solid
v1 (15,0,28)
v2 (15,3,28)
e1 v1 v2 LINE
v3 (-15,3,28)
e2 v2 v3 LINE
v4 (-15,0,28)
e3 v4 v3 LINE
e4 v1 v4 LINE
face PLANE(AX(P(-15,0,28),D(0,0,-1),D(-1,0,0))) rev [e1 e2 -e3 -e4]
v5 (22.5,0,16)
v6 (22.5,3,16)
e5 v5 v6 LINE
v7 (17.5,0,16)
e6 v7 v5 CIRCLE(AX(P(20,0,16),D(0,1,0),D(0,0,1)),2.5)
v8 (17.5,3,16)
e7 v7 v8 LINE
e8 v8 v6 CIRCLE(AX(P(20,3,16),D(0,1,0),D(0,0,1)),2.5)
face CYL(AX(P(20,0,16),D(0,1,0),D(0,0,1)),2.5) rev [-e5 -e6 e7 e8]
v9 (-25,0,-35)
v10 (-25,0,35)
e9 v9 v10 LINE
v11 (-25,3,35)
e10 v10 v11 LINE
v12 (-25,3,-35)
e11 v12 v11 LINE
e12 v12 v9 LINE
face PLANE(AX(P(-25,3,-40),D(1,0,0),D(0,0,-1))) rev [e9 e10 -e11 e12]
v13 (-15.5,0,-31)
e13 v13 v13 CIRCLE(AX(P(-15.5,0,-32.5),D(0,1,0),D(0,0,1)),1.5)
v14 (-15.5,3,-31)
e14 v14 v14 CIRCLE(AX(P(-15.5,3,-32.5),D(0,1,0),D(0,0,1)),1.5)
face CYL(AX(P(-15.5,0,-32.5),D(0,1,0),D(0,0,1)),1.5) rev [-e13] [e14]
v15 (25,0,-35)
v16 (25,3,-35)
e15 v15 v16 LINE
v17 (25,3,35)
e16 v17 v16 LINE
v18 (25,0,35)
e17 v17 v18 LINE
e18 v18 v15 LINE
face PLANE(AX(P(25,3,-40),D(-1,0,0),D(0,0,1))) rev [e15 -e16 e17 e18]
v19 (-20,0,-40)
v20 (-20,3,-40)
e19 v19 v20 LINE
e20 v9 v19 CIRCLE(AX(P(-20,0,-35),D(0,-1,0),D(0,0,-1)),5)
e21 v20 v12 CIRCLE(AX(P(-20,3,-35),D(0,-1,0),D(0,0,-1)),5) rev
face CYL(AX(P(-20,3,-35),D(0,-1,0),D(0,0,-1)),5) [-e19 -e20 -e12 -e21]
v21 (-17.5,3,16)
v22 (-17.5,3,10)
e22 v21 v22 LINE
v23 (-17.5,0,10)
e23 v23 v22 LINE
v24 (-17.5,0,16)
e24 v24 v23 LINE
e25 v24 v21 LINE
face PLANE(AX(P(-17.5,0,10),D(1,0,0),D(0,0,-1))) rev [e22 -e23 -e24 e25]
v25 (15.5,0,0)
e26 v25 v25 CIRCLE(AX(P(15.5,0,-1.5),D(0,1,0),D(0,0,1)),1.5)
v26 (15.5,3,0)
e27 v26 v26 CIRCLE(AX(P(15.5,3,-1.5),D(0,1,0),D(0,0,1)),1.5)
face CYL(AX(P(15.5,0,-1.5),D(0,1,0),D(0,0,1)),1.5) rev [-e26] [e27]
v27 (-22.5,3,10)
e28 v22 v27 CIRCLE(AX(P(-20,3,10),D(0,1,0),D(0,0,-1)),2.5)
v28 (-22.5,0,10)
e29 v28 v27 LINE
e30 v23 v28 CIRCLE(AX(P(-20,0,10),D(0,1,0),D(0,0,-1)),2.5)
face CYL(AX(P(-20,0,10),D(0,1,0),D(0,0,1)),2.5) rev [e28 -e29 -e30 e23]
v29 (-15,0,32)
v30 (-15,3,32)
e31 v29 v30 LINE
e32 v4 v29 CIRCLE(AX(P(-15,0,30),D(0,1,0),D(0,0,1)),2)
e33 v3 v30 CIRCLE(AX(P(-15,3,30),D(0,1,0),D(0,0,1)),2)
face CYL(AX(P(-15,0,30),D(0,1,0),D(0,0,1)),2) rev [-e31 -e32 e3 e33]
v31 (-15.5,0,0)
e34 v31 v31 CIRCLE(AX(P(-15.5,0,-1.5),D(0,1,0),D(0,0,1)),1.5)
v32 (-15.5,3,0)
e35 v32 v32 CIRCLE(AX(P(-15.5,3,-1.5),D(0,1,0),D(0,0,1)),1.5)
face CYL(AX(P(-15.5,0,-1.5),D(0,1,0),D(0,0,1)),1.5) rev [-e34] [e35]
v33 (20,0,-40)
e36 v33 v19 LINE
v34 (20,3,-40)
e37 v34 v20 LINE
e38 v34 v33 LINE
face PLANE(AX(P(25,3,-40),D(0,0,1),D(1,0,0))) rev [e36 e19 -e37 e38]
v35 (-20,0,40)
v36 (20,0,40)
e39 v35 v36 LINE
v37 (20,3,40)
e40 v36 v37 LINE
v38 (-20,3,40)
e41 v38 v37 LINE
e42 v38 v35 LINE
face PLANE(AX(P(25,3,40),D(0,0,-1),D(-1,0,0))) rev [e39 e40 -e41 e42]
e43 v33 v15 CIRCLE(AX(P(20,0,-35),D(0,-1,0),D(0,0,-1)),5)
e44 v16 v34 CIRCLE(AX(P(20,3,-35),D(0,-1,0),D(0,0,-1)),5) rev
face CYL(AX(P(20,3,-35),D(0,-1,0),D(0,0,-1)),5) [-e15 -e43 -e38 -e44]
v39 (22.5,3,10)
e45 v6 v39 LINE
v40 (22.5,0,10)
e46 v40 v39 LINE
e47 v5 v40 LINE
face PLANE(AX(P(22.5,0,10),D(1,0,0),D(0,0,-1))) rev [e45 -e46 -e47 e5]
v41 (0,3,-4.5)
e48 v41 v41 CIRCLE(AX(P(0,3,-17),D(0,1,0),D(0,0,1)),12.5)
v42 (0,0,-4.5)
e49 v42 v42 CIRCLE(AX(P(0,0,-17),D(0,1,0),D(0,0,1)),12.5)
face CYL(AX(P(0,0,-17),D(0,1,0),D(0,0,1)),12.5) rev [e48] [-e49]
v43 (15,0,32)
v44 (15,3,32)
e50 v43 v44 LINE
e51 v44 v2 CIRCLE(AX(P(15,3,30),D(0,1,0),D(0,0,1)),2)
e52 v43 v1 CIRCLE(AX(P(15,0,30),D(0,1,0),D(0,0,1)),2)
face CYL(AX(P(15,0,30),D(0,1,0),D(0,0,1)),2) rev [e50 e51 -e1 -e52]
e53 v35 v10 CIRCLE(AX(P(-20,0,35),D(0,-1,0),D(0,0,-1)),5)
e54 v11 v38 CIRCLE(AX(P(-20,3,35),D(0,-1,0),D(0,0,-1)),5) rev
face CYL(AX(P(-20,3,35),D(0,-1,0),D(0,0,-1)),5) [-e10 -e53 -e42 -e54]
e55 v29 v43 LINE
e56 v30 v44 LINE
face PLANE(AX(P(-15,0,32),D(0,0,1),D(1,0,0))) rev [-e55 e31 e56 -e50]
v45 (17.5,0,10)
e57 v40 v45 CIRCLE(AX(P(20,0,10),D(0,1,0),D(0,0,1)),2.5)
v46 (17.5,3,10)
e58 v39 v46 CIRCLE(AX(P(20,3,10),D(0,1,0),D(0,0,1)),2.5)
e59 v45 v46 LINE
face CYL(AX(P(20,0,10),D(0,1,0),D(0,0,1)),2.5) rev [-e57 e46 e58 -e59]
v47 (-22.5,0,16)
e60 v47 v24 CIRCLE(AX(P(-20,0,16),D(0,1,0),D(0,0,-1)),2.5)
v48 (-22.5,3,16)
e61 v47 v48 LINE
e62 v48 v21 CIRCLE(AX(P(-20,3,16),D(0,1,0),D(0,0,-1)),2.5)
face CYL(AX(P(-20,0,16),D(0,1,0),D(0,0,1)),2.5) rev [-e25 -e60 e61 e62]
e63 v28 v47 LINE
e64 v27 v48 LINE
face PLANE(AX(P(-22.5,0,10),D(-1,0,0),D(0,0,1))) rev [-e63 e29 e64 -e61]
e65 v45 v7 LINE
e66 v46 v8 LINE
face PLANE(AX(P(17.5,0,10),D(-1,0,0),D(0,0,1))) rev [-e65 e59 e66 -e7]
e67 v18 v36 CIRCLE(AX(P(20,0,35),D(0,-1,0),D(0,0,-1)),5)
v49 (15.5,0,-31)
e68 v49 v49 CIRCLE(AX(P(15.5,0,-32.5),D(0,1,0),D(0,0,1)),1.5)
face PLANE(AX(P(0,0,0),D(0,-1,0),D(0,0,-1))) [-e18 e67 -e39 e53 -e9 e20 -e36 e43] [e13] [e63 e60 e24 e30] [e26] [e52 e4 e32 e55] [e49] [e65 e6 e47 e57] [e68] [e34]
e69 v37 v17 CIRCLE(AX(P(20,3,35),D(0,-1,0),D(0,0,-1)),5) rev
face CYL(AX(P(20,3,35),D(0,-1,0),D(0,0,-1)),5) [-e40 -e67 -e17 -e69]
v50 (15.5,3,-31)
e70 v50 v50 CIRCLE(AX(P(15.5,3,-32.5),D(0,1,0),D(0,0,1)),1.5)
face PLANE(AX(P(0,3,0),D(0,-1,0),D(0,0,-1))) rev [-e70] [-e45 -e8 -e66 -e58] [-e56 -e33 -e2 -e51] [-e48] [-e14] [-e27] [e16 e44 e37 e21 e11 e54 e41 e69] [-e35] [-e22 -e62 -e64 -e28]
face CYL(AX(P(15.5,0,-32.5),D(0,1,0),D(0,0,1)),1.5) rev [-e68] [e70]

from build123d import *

# Parameters (mm, degrees)
SKETCH1_W           = 50
SKETCH1_H           = 80
BOSS_EXTRUDE1_DEPTH = 3
SKETCH2_R           = 1.5
SKETCH2_R_2         = 12.5
CUT_EXTRUDE1_DEPTH  = 48.265209192
FILLET1_R           = 5
CUT_EXTRUDE2_DEPTH  = 48.265209192


with BuildPart() as part:
    # Sketch1 → Boss-Extrude1 (new body)
    with BuildSketch(Plane(origin=(0, 0, 0), x_dir=(1, 0, 0), z_dir=(0, 1, 0))):
        Rectangle(SKETCH1_W, SKETCH1_H)
    extrude(amount=BOSS_EXTRUDE1_DEPTH)

    # Sketch2 → Cut-Extrude1 (cut, through all)
    with BuildSketch(Plane(origin=(0, 3, 0), x_dir=(1, 0, 0), z_dir=(0, 1, 0))):
        with Locations(Location((15.5, 32.5, 0), (0, 0, 270))):
            Circle(SKETCH2_R)
        with Locations(Location((-15.5, 32.5, 0), (0, 0, 270))):
            Circle(SKETCH2_R)
        with Locations(Location((-15.5, 1.5, 0), (0, 0, 270))):
            Circle(SKETCH2_R)
        with Locations(Location((15.5, 1.5, 0), (0, 0, 270))):
            Circle(SKETCH2_R)
        with Locations(Location((0, 17, 0), (0, 0, 270))):
            Circle(SKETCH2_R_2)
        with BuildLine():
            Line((-15, -28), (15, -28))
            ThreePointArc((15, -28), (17, -30), (15, -32))
            Line((15, -32), (-15, -32))
            ThreePointArc((-15, -32), (-17, -30), (-15, -28))
        make_face()
    extrude(amount=-CUT_EXTRUDE1_DEPTH, mode=Mode.SUBTRACT)

    # Fillet1
    fillet1_edges = [part.edges().sort_by_distance(p)[0] for p in [
        (-25, 1.5, -40),
        (25, 1.5, -40),
        (25, 1.5, 40),
        (-25, 1.5, 40),
    ]]
    fillet(fillet1_edges, radius=FILLET1_R)

    # Sketch3 → Cut-Extrude2 (cut, through all)
    with BuildSketch(Plane(origin=(0, 3, 0), x_dir=(1, 0, 0), z_dir=(0, 1, 0))):
        with BuildLine():
            Line((22.5, -10), (22.5, -16))
            ThreePointArc((22.5, -16), (20, -18.5), (17.5, -16))
            Line((17.5, -16), (17.5, -10))
            ThreePointArc((17.5, -10), (20, -7.5), (22.5, -10))
        make_face()
        with BuildLine():
            Line((-22.5, -10), (-22.5, -16))
            ThreePointArc((-22.5, -16), (-20, -18.5), (-17.5, -16))
            Line((-17.5, -16), (-17.5, -10))
            ThreePointArc((-17.5, -10), (-20, -7.5), (-22.5, -10))
        make_face()
    extrude(amount=-CUT_EXTRUDE2_DEPTH, mode=Mode.SUBTRACT)


solid = part.part
